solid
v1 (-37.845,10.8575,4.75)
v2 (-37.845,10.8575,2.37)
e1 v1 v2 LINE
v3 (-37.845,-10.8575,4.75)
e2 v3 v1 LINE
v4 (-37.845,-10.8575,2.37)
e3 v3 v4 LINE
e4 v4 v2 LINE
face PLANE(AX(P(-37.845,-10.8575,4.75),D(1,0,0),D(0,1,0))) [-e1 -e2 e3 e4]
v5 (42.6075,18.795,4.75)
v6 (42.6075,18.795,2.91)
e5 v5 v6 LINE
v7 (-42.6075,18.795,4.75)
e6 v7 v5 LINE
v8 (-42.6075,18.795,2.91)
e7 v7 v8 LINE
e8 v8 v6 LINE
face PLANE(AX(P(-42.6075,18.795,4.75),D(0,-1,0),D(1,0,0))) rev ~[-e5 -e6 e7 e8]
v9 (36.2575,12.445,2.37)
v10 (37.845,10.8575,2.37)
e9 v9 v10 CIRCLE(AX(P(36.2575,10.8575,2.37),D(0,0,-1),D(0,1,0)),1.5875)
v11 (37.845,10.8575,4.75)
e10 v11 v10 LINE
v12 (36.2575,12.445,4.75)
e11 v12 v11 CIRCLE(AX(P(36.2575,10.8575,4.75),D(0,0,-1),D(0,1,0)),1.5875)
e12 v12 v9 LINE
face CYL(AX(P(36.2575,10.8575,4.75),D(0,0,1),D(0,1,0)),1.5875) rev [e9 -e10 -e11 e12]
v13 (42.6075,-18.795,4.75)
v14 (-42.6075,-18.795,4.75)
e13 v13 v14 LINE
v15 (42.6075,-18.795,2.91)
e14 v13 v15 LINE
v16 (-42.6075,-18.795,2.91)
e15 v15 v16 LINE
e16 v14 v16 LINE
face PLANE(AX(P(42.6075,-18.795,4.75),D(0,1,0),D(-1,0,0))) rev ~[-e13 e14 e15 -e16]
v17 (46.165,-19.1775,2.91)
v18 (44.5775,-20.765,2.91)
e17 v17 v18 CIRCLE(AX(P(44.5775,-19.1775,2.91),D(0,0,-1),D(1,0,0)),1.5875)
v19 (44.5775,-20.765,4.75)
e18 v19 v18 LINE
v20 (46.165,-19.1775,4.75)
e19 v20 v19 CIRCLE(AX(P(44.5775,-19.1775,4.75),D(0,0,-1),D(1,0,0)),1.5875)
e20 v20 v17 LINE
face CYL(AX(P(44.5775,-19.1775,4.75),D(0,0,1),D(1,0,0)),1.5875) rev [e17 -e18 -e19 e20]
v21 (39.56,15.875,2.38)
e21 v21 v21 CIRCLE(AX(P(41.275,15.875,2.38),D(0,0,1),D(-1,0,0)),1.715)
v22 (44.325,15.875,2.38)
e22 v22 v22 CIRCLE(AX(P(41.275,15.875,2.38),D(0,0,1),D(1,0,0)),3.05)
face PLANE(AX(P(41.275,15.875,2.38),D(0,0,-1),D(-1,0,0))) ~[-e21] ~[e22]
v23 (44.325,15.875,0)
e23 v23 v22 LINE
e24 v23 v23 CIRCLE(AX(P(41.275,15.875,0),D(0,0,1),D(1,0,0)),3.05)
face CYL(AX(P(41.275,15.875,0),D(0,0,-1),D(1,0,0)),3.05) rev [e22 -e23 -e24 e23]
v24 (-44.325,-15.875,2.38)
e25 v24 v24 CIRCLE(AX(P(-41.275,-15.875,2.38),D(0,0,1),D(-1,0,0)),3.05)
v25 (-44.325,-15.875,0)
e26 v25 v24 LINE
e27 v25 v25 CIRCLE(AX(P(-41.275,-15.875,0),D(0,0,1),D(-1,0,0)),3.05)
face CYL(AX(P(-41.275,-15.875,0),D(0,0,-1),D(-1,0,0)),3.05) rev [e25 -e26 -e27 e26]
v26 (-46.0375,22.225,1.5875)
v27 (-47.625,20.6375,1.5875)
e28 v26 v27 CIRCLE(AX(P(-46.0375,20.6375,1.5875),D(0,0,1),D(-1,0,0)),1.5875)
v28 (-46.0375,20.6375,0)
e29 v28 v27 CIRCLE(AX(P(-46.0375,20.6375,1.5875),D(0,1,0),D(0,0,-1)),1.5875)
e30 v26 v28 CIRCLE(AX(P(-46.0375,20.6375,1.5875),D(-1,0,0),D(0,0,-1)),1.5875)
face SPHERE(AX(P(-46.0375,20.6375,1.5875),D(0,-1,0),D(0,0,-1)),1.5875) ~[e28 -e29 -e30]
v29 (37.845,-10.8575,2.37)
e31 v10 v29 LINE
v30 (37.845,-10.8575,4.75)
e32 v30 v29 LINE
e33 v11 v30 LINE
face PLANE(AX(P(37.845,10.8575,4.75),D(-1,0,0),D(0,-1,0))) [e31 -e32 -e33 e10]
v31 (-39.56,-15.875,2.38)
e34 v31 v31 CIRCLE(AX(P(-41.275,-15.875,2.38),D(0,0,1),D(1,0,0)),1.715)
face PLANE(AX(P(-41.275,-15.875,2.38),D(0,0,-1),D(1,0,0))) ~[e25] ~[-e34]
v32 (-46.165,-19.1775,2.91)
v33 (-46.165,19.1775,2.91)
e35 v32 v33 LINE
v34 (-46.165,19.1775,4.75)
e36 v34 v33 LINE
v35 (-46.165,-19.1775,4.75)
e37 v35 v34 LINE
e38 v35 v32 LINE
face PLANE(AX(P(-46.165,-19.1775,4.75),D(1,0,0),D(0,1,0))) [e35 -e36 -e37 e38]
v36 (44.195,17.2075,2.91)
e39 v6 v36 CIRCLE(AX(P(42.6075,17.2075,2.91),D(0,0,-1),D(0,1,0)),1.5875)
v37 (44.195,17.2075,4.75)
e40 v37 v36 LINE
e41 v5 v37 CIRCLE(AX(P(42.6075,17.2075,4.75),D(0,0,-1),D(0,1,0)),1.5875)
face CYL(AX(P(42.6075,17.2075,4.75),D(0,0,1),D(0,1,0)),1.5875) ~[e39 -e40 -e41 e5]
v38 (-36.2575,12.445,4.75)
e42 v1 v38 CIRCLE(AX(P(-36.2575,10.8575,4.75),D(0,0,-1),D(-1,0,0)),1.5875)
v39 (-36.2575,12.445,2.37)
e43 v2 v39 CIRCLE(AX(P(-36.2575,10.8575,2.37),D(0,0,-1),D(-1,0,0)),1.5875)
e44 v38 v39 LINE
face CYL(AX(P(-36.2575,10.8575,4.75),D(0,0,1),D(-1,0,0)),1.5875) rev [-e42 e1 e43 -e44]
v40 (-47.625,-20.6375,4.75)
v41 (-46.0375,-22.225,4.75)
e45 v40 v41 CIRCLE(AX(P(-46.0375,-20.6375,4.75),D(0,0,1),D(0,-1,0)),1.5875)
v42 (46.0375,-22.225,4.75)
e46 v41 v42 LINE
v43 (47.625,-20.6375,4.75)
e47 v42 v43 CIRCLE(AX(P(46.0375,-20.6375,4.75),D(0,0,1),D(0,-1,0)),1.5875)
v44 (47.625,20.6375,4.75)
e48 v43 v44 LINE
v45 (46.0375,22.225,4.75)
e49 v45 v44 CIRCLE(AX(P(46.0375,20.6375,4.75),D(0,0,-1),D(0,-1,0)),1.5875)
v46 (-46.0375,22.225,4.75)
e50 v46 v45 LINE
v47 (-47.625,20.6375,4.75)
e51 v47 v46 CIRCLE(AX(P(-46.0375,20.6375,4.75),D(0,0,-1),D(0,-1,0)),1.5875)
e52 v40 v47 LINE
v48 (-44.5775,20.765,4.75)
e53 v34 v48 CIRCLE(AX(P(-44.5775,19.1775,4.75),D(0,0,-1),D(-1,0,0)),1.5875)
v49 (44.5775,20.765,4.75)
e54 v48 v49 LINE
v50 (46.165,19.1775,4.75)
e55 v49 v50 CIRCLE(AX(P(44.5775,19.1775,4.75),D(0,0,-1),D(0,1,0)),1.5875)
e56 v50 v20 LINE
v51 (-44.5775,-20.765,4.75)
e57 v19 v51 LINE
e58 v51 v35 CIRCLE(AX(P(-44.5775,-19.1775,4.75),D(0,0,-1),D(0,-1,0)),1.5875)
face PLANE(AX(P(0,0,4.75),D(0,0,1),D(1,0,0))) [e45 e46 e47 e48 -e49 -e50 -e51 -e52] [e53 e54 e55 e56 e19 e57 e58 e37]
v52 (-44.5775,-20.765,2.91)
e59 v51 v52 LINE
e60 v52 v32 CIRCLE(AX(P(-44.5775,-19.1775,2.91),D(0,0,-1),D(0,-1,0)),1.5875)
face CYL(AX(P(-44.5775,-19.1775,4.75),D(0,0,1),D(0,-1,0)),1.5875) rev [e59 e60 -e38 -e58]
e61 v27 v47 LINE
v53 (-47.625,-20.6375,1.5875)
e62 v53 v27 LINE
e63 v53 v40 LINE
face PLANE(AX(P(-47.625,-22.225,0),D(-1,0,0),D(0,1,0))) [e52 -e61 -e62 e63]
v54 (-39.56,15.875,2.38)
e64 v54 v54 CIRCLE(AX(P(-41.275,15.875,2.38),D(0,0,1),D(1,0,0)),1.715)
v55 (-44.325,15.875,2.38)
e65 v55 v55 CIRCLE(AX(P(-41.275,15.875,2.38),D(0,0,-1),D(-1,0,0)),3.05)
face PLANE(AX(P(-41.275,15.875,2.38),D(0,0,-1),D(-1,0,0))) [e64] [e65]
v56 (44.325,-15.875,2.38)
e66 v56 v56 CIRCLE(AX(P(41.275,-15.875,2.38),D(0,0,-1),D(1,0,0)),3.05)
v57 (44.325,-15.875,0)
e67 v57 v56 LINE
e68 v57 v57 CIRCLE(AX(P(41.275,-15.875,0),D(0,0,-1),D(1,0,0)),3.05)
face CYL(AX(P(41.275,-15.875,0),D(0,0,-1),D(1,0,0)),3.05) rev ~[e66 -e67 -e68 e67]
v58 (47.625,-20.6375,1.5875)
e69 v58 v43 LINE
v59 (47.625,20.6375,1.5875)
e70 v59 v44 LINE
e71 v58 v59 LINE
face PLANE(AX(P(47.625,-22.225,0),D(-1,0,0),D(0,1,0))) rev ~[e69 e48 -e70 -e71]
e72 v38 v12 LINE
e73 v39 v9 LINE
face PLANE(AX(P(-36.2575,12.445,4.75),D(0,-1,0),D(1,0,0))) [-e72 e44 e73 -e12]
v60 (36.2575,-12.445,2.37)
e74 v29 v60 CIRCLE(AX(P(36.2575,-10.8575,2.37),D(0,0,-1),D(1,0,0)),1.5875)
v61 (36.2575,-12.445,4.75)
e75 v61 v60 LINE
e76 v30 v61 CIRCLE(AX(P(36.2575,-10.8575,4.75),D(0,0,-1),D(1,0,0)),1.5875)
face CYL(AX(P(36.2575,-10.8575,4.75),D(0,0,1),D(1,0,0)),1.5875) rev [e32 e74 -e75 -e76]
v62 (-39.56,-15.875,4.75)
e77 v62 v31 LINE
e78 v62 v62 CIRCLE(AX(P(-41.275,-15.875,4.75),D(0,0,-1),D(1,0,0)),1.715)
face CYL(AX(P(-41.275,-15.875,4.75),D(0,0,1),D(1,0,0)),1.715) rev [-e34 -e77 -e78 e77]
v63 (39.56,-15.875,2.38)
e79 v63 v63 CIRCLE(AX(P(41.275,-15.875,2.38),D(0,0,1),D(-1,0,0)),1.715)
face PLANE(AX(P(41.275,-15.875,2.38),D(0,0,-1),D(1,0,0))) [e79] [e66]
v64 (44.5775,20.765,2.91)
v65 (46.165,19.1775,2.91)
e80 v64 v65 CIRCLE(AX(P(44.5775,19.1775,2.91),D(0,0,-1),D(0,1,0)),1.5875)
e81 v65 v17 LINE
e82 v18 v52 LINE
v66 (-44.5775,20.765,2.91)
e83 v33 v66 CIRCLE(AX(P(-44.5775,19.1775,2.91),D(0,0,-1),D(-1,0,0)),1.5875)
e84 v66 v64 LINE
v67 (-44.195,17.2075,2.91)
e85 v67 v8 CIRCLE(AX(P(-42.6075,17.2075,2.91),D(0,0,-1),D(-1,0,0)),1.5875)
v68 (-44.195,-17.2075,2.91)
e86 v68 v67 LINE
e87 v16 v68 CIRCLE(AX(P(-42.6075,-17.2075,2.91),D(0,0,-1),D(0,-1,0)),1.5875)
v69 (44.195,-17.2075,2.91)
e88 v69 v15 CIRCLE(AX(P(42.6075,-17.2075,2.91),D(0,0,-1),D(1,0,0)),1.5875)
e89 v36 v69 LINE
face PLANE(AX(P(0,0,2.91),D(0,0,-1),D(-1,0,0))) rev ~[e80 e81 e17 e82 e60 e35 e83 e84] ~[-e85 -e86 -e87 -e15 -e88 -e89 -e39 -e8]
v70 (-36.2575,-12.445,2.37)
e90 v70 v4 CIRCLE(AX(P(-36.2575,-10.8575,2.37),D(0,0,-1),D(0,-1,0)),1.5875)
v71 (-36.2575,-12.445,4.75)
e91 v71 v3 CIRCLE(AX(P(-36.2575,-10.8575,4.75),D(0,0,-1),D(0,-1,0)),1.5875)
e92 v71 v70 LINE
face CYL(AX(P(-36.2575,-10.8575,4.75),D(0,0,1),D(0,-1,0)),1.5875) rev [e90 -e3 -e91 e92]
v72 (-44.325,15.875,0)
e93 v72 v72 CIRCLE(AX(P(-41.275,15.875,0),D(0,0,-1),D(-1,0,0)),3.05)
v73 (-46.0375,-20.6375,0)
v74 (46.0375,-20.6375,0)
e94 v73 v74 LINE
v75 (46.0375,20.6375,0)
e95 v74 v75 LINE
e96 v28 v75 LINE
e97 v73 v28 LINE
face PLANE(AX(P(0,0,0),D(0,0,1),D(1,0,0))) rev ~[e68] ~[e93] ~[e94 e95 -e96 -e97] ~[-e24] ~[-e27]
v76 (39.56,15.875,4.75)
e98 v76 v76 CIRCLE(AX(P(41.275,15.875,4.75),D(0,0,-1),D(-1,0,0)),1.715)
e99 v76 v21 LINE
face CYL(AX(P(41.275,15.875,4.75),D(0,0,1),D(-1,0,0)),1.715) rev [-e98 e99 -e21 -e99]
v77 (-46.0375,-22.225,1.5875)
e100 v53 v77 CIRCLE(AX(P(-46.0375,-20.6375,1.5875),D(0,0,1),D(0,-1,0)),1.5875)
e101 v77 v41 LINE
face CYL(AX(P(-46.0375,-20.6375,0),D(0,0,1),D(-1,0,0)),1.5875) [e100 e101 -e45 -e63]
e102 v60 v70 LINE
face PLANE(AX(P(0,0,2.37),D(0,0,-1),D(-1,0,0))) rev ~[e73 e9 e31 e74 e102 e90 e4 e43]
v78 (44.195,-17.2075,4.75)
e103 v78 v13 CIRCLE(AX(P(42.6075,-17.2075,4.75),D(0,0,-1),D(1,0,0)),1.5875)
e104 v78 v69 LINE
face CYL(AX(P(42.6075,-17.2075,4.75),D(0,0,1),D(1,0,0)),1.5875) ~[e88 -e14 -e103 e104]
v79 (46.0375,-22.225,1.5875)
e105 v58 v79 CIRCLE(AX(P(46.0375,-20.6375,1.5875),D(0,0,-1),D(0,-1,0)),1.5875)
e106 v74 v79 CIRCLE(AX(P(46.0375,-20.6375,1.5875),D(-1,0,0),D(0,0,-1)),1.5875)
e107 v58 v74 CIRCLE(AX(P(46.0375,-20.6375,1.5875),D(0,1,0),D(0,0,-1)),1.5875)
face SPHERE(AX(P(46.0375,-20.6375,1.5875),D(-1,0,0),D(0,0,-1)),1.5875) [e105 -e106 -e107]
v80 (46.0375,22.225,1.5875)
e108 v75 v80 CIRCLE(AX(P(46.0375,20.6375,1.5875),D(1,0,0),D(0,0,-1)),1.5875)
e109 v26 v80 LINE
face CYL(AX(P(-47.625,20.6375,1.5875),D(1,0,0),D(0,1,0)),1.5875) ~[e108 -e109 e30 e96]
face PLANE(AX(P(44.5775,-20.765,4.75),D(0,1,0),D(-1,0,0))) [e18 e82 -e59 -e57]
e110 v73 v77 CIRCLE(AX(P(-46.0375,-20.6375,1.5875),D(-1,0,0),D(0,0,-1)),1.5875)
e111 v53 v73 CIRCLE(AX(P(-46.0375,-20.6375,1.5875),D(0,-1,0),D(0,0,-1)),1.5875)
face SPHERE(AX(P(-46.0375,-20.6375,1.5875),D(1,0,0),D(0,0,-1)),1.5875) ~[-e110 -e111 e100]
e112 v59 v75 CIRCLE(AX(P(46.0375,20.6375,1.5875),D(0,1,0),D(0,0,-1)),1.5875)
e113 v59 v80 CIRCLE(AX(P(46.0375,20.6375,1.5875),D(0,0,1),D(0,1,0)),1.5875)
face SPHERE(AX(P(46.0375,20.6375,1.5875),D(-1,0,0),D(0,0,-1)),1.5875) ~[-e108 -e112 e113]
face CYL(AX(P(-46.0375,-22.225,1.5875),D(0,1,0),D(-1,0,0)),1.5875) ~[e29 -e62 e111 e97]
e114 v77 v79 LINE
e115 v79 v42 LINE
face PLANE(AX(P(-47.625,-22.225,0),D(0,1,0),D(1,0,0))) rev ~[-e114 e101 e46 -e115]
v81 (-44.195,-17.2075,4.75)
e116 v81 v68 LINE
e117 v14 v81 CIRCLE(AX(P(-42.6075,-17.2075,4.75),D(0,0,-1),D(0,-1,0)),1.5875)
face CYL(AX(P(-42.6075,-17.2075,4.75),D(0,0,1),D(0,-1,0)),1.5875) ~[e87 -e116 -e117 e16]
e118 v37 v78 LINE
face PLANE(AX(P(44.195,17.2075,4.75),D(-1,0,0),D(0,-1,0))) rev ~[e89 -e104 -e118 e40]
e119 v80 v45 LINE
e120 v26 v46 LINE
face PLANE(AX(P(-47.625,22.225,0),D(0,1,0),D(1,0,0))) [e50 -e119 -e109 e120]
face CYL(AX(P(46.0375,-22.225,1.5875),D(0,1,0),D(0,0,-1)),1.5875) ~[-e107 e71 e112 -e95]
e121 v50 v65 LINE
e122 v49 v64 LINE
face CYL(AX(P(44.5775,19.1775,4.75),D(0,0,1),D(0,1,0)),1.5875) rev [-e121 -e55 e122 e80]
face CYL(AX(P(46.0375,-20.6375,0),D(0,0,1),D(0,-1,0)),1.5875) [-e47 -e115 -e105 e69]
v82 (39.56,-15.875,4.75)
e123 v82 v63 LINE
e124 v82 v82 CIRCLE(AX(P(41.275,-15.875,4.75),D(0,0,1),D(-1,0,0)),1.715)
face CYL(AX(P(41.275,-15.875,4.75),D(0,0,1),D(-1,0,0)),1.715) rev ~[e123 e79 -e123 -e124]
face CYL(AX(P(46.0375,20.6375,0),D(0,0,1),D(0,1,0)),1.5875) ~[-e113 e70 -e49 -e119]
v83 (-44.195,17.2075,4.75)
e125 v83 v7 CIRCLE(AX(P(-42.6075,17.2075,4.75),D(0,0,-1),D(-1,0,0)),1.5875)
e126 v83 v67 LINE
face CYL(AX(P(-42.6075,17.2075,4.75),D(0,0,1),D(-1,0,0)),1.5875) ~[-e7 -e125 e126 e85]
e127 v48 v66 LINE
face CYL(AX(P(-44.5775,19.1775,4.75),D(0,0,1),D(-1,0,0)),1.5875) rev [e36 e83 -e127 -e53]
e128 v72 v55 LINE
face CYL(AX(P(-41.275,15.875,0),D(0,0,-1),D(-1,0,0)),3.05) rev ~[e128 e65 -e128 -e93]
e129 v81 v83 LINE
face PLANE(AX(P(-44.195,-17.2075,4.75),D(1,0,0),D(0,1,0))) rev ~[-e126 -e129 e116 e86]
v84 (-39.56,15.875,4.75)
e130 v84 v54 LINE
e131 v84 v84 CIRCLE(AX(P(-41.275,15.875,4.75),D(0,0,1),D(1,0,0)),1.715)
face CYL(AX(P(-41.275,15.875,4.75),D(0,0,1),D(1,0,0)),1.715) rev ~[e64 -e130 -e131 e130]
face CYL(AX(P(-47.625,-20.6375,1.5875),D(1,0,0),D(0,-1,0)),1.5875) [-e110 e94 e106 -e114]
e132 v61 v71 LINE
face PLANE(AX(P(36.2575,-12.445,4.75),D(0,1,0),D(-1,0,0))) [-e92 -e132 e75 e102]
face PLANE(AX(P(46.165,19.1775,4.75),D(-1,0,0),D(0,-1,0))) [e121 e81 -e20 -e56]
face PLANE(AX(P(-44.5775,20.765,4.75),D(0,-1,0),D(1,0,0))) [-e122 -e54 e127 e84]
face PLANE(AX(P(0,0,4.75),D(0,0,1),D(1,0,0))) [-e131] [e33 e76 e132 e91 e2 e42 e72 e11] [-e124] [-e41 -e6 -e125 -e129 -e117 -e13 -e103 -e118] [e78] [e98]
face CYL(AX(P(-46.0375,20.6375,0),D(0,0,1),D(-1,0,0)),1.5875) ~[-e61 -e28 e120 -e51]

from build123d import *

# Parameters (mm, degrees)
SKETCH1_W                                  = 95.25
SKETCH1_H                                  = 44.45
BOSS_EXTRUDE1_DEPTH                        = 4.75
CUT_EXTRUDE1_DEPTH                         = 1.84
CUT_EXTRUDE2_DEPTH                         = 2.38
SKETCH4_R                                  = 1.714999999
CUT_EXTRUDE3_DEPTH                         = 53.769818552
SKETCH5_R                                  = 3.05
CUT_EXTRUDE4_DEPTH                         = 2.38
MIRROR1_AT_THE_SECOND_PLANE_COPY_1_SKETC_R = 1.714999999
MIRROR1_AT_THE_SECOND_PLANE_COPY_1_DEPTH   = 53.769818552
MIRROR1_AT_THE_SECOND_PLANE_COPY_2_SKETC_R = 3.05
MIRROR1_AT_THE_SECOND_PLANE_COPY_2_DEPTH   = 2.38
FILLET1_R                                  = 1.5875


with BuildPart() as part:
    # Sketch1 → Boss-Extrude1 (new body)
    with BuildSketch(Plane.XY):
        Rectangle(SKETCH1_W, SKETCH1_H)
    extrude(amount=BOSS_EXTRUDE1_DEPTH)

    # Sketch2 → Cut-Extrude1 (cut)
    with BuildSketch(Plane.XY.offset(4.75)):
        with BuildLine():
            ThreePointArc((-46.165, 19.1775), (-45.700032015, 20.300032015), (-44.5775, 20.765))
            Line((-44.5775, 20.765), (44.5775, 20.765))
            ThreePointArc((44.5775, 20.765), (45.700032015, 20.300032015), (46.165, 19.1775))
            Line((46.165, 19.1775), (46.165, -19.1775))
            ThreePointArc((46.165, -19.1775), (45.700032015, -20.300032015), (44.5775, -20.765))
            Line((44.5775, -20.765), (-44.5775, -20.765))
            ThreePointArc((-44.5775, -20.765), (-45.700032015, -20.300032015), (-46.165, -19.1775))
            Line((-46.165, -19.1775), (-46.165, 19.1775))
        make_face()
        with BuildLine():
            Line((-44.195, -17.2075), (-44.195, 17.2075))
            ThreePointArc((-44.195, 17.2075), (-43.730032015, 18.330032015), (-42.6075, 18.795))
            Line((-42.6075, 18.795), (42.6075, 18.795))
            ThreePointArc((42.6075, 18.795), (43.730032015, 18.330032015), (44.195, 17.2075))
            Line((44.195, 17.2075), (44.195, -17.2075))
            ThreePointArc((44.195, -17.2075), (43.730032015, -18.330032015), (42.6075, -18.795))
            Line((42.6075, -18.795), (-42.6075, -18.795))
            ThreePointArc((-42.6075, -18.795), (-43.730032015, -18.330032015), (-44.195, -17.2075))
        make_face(mode=Mode.SUBTRACT)
    extrude(amount=-CUT_EXTRUDE1_DEPTH, mode=Mode.SUBTRACT)

    # Sketch3 → Cut-Extrude2 (cut)
    with BuildSketch(Plane.XY.offset(4.75)):
        with BuildLine():
            Line((-36.257500002, 12.445), (36.257500002, 12.445))
            ThreePointArc((36.257500002, 12.445), (37.380032017, 11.980032015), (37.845000002, 10.8575))
            Line((37.845000002, 10.8575), (37.845000002, -10.8575))
            ThreePointArc((37.845000002, -10.8575), (37.380032017, -11.980032015), (36.257500002, -12.445))
            Line((36.257500002, -12.445), (-36.257500002, -12.445))
            ThreePointArc((-36.257500002, -12.445), (-37.380032017, -11.980032015), (-37.845000002, -10.8575))
            Line((-37.845000002, -10.8575), (-37.845000002, 10.8575))
            ThreePointArc((-37.845000002, 10.8575), (-37.380032017, 11.980032015), (-36.257500002, 12.445))
        make_face()
    extrude(amount=-CUT_EXTRUDE2_DEPTH, mode=Mode.SUBTRACT)

    # Sketch4 → Cut-Extrude3 (cut, through all)
    with BuildSketch(Plane.XY.offset(4.75)):
        with Locations((-41.275, 15.875)):
            Circle(SKETCH4_R)
    cut_extrude3 = extrude(amount=-CUT_EXTRUDE3_DEPTH, mode=Mode.SUBTRACT)

    # Sketch5 → Cut-Extrude4 (cut)
    with BuildSketch(Plane(origin=(0, 0, 0), x_dir=(-1, 0, 0), z_dir=(0, 0, -1))):
        with Locations((41.275, 15.875)):
            Circle(SKETCH5_R)
    cut_extrude4 = extrude(amount=-CUT_EXTRUDE4_DEPTH, mode=Mode.SUBTRACT)

    # Mirror1: Cut-Extrude3, Cut-Extrude4 across plane
    add(cut_extrude3.mirror(Plane(origin=(0, 0, 0), x_dir=(0, 0, 1), z_dir=(1, 0, 0))), mode=Mode.SUBTRACT)
    add(cut_extrude4.mirror(Plane(origin=(0, 0, 0), x_dir=(0, 0, 1), z_dir=(1, 0, 0))), mode=Mode.SUBTRACT)

    # Mirror1 at the second plane: Cut-Extrude3, Cut-Extrude4 across plane
    add(cut_extrude3.mirror(Plane.ZX), mode=Mode.SUBTRACT)
    add(cut_extrude4.mirror(Plane.ZX), mode=Mode.SUBTRACT)

    # Mirror1 at the second plane copy 1 sketc → Mirror1 at the second plane copy 1 (cut, through all)
    with BuildSketch(Plane(origin=(0, 0, 4.75), x_dir=(-1, 0, 0), z_dir=(0, 0, 1))):
        with Locations((-41.275, 15.875)):
            Circle(MIRROR1_AT_THE_SECOND_PLANE_COPY_1_SKETC_R)
    extrude(amount=-MIRROR1_AT_THE_SECOND_PLANE_COPY_1_DEPTH, mode=Mode.SUBTRACT)

    # Mirror1 at the second plane copy 2 sketc → Mirror1 at the second plane copy 2 (cut)
    with BuildSketch(Plane(origin=(0, 0, 0), x_dir=(1, 0, 0), z_dir=(0, 0, -1))):
        with Locations((41.275, 15.875)):
            Circle(MIRROR1_AT_THE_SECOND_PLANE_COPY_2_SKETC_R)
    extrude(amount=-MIRROR1_AT_THE_SECOND_PLANE_COPY_2_DEPTH, mode=Mode.SUBTRACT)

    # Fillet1
    fillet1_edges = [part.edges().sort_by_distance(p)[0] for p in [
        (0, -22.225, 0),
        (-47.625, 0, 0),
        (0, 22.225, 0),
        (47.625, 0, 0),
        (47.625, -22.225, 2.375),
        (-47.625, -22.225, 2.375),
        (-47.625, 22.225, 2.375),
        (47.625, 22.225, 2.375),
    ]]
    fillet(fillet1_edges, radius=FILLET1_R)


solid = part.part
